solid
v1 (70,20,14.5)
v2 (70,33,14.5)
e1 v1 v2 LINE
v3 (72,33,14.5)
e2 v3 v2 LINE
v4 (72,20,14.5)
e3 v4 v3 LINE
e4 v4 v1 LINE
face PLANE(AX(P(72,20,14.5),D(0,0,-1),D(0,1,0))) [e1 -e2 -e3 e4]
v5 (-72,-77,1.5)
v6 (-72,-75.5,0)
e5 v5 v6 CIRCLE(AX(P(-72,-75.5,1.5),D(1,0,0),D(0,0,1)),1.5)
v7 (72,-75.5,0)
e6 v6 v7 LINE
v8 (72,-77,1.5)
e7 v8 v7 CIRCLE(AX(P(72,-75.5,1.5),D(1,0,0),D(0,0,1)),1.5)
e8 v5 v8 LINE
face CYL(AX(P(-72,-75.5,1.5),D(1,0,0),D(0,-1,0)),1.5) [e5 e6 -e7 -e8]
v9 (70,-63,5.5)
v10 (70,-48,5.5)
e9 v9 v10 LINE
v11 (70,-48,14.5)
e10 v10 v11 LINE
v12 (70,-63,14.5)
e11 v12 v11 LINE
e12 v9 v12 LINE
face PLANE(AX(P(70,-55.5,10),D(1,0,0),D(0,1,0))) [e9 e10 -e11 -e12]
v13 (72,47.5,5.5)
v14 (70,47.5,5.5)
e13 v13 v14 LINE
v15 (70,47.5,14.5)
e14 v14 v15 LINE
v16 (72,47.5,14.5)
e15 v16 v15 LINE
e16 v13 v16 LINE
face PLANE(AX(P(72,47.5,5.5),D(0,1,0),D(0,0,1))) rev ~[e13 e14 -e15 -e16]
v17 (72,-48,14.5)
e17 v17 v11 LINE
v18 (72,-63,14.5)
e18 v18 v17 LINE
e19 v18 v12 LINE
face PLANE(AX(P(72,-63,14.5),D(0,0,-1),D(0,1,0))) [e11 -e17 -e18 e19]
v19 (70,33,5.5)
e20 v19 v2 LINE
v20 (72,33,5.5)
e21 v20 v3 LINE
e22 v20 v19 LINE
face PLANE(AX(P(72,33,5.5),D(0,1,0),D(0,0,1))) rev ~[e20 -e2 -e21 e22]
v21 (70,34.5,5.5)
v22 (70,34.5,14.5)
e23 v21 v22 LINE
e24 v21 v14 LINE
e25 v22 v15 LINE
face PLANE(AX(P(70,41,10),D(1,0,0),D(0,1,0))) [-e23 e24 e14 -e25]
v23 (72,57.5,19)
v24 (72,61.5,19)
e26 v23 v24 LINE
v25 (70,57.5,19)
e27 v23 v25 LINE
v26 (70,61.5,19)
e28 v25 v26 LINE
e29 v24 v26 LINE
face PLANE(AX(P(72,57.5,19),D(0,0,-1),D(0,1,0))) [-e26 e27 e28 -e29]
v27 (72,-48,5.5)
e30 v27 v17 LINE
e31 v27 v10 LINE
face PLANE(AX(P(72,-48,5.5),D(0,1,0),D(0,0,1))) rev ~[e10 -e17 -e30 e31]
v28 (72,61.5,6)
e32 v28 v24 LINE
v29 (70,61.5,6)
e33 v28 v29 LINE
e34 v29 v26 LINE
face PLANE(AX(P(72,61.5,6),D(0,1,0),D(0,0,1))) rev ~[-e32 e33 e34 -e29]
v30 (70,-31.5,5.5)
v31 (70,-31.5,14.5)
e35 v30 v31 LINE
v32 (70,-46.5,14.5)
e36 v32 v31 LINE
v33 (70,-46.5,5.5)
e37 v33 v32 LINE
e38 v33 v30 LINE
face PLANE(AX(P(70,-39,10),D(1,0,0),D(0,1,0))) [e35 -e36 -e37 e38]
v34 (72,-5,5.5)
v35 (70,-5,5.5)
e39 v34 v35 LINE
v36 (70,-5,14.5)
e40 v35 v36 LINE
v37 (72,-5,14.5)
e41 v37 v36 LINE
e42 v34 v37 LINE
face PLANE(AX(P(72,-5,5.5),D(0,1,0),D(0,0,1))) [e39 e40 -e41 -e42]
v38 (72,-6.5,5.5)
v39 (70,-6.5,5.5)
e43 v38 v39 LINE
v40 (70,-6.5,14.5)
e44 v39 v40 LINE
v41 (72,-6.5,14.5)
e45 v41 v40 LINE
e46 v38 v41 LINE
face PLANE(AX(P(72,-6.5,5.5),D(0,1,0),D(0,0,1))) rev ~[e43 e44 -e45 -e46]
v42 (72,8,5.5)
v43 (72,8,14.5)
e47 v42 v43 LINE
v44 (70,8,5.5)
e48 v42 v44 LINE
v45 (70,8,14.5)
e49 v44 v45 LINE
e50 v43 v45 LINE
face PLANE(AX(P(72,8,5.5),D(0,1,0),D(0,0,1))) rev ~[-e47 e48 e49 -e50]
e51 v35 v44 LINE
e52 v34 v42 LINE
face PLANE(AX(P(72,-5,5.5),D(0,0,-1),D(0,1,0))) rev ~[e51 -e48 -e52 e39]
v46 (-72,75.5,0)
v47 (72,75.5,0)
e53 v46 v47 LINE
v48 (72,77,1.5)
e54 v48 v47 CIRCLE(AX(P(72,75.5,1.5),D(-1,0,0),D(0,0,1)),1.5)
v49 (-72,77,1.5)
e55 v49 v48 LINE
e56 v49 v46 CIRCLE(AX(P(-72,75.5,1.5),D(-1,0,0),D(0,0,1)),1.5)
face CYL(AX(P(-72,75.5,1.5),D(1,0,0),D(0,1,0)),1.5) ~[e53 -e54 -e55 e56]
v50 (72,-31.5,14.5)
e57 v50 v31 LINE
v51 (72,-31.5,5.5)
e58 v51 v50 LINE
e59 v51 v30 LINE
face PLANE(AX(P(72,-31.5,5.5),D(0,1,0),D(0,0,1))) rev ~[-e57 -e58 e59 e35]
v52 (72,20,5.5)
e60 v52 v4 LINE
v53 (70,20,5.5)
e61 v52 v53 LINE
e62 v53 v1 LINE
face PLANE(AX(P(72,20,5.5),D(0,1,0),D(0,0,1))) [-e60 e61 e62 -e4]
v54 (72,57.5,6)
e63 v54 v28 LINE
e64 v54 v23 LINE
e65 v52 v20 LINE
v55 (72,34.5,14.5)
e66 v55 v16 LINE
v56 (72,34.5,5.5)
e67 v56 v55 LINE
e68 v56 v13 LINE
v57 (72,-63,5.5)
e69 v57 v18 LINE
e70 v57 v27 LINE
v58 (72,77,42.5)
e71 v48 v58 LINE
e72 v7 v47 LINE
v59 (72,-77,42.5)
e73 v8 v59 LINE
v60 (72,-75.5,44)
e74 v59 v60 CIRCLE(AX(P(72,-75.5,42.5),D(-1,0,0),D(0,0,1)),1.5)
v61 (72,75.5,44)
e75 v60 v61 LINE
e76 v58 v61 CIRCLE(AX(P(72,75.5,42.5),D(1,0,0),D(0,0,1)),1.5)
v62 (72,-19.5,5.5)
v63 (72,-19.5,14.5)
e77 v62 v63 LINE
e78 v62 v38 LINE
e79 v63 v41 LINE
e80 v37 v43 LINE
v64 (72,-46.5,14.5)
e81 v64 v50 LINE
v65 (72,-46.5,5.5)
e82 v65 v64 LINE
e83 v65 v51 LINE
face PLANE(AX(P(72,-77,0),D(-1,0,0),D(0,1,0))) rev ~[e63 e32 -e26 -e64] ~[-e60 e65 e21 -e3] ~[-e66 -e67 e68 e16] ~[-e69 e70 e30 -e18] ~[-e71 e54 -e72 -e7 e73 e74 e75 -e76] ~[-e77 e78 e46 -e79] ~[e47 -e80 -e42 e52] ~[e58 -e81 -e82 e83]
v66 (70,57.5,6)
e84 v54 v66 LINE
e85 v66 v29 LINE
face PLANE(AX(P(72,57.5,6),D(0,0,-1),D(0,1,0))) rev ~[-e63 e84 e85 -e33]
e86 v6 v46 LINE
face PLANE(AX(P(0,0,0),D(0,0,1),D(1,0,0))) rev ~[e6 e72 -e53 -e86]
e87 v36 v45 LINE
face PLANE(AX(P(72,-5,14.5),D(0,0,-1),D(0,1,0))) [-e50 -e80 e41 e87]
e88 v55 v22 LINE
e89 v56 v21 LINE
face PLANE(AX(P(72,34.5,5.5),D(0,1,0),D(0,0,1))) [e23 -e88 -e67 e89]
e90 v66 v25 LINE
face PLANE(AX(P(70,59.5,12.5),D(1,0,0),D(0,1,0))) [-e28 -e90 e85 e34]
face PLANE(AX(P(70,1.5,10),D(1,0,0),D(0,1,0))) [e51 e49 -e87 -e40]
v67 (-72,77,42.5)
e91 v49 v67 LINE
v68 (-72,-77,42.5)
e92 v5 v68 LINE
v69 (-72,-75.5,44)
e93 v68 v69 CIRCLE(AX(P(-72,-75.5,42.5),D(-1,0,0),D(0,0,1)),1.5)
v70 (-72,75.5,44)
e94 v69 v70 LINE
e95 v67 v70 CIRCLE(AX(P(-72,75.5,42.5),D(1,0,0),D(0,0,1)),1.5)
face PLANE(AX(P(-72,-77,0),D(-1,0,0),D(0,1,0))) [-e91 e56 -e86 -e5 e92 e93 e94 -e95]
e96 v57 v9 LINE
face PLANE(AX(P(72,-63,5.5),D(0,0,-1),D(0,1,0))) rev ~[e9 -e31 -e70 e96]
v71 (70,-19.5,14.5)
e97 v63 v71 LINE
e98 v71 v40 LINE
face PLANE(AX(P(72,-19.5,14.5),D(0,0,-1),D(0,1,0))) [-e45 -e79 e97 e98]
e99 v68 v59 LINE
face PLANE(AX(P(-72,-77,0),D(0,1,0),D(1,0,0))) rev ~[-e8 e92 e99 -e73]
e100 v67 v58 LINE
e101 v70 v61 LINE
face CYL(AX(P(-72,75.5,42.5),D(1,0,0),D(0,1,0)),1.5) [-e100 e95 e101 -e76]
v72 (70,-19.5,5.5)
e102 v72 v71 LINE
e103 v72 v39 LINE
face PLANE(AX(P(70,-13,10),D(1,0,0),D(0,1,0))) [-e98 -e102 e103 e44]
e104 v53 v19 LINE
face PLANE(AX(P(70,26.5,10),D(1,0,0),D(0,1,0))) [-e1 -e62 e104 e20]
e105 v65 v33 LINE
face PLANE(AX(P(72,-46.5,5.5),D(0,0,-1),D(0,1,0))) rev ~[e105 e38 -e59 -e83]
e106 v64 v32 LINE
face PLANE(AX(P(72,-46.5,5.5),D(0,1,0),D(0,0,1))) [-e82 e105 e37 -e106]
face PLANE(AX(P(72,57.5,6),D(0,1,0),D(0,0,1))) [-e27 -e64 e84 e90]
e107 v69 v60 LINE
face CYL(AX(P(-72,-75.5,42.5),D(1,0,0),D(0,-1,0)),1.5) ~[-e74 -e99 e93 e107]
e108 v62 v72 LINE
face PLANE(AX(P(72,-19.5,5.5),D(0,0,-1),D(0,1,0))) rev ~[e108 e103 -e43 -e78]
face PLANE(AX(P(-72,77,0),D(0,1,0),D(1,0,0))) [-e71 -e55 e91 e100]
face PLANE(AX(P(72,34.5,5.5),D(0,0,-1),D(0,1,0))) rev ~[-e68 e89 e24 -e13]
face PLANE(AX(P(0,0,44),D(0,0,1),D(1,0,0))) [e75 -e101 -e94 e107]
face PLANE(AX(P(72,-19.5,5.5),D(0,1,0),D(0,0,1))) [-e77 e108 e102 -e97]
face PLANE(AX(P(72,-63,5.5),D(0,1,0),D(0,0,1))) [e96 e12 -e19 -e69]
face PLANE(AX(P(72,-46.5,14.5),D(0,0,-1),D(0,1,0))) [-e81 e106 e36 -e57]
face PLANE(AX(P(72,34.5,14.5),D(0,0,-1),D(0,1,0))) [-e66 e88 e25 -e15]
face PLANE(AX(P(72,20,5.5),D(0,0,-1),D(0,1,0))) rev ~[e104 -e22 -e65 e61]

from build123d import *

# Parameters (mm, degrees)
F0_W     = 144
F0_H     = 154
F1_DEPTH = 44
F2_W     = 15
F2_H     = 9
F2_W_2   = 13
F2_W_3   = 4
F2_H_2   = 13
F3_DEPTH = 2
F4_R     = 1.5


with BuildPart() as f1:
    # F0 (on Top) → F1 (new body)
    with BuildSketch(Plane.XY):
        Rectangle(F0_W, F0_H)
    extrude(amount=F1_DEPTH)

    # F2 (on face) → F3 (cut)
    with BuildSketch(Plane.YZ.offset(72)):
        with Locations((-55.5, 10)):
            Rectangle(F2_W, F2_H)
        with Locations((-39, 10)):
            Rectangle(F2_W, F2_H)
        with Locations((-13, 10)):
            Rectangle(F2_W_2, F2_H)
        with Locations((1.5, 10)):
            Rectangle(F2_W_2, F2_H)
        with Locations((26.5, 10)):
            Rectangle(F2_W_2, F2_H)
        with Locations((41, 10)):
            Rectangle(F2_W_2, F2_H)
        with Locations((59.5, 12.5)):
            Rectangle(F2_W_3, F2_H_2)
    extrude(amount=-F3_DEPTH, mode=Mode.SUBTRACT)

    # F4
    f4_edges = [f1.edges().sort_by_distance(p)[0] for p in [
        (0, -77, 44),
        (0, 77, 44),
        (0, -77, 0),
        (0, 77, 0),
    ]]
    fillet(f4_edges, radius=F4_R)


solid = f1.part
